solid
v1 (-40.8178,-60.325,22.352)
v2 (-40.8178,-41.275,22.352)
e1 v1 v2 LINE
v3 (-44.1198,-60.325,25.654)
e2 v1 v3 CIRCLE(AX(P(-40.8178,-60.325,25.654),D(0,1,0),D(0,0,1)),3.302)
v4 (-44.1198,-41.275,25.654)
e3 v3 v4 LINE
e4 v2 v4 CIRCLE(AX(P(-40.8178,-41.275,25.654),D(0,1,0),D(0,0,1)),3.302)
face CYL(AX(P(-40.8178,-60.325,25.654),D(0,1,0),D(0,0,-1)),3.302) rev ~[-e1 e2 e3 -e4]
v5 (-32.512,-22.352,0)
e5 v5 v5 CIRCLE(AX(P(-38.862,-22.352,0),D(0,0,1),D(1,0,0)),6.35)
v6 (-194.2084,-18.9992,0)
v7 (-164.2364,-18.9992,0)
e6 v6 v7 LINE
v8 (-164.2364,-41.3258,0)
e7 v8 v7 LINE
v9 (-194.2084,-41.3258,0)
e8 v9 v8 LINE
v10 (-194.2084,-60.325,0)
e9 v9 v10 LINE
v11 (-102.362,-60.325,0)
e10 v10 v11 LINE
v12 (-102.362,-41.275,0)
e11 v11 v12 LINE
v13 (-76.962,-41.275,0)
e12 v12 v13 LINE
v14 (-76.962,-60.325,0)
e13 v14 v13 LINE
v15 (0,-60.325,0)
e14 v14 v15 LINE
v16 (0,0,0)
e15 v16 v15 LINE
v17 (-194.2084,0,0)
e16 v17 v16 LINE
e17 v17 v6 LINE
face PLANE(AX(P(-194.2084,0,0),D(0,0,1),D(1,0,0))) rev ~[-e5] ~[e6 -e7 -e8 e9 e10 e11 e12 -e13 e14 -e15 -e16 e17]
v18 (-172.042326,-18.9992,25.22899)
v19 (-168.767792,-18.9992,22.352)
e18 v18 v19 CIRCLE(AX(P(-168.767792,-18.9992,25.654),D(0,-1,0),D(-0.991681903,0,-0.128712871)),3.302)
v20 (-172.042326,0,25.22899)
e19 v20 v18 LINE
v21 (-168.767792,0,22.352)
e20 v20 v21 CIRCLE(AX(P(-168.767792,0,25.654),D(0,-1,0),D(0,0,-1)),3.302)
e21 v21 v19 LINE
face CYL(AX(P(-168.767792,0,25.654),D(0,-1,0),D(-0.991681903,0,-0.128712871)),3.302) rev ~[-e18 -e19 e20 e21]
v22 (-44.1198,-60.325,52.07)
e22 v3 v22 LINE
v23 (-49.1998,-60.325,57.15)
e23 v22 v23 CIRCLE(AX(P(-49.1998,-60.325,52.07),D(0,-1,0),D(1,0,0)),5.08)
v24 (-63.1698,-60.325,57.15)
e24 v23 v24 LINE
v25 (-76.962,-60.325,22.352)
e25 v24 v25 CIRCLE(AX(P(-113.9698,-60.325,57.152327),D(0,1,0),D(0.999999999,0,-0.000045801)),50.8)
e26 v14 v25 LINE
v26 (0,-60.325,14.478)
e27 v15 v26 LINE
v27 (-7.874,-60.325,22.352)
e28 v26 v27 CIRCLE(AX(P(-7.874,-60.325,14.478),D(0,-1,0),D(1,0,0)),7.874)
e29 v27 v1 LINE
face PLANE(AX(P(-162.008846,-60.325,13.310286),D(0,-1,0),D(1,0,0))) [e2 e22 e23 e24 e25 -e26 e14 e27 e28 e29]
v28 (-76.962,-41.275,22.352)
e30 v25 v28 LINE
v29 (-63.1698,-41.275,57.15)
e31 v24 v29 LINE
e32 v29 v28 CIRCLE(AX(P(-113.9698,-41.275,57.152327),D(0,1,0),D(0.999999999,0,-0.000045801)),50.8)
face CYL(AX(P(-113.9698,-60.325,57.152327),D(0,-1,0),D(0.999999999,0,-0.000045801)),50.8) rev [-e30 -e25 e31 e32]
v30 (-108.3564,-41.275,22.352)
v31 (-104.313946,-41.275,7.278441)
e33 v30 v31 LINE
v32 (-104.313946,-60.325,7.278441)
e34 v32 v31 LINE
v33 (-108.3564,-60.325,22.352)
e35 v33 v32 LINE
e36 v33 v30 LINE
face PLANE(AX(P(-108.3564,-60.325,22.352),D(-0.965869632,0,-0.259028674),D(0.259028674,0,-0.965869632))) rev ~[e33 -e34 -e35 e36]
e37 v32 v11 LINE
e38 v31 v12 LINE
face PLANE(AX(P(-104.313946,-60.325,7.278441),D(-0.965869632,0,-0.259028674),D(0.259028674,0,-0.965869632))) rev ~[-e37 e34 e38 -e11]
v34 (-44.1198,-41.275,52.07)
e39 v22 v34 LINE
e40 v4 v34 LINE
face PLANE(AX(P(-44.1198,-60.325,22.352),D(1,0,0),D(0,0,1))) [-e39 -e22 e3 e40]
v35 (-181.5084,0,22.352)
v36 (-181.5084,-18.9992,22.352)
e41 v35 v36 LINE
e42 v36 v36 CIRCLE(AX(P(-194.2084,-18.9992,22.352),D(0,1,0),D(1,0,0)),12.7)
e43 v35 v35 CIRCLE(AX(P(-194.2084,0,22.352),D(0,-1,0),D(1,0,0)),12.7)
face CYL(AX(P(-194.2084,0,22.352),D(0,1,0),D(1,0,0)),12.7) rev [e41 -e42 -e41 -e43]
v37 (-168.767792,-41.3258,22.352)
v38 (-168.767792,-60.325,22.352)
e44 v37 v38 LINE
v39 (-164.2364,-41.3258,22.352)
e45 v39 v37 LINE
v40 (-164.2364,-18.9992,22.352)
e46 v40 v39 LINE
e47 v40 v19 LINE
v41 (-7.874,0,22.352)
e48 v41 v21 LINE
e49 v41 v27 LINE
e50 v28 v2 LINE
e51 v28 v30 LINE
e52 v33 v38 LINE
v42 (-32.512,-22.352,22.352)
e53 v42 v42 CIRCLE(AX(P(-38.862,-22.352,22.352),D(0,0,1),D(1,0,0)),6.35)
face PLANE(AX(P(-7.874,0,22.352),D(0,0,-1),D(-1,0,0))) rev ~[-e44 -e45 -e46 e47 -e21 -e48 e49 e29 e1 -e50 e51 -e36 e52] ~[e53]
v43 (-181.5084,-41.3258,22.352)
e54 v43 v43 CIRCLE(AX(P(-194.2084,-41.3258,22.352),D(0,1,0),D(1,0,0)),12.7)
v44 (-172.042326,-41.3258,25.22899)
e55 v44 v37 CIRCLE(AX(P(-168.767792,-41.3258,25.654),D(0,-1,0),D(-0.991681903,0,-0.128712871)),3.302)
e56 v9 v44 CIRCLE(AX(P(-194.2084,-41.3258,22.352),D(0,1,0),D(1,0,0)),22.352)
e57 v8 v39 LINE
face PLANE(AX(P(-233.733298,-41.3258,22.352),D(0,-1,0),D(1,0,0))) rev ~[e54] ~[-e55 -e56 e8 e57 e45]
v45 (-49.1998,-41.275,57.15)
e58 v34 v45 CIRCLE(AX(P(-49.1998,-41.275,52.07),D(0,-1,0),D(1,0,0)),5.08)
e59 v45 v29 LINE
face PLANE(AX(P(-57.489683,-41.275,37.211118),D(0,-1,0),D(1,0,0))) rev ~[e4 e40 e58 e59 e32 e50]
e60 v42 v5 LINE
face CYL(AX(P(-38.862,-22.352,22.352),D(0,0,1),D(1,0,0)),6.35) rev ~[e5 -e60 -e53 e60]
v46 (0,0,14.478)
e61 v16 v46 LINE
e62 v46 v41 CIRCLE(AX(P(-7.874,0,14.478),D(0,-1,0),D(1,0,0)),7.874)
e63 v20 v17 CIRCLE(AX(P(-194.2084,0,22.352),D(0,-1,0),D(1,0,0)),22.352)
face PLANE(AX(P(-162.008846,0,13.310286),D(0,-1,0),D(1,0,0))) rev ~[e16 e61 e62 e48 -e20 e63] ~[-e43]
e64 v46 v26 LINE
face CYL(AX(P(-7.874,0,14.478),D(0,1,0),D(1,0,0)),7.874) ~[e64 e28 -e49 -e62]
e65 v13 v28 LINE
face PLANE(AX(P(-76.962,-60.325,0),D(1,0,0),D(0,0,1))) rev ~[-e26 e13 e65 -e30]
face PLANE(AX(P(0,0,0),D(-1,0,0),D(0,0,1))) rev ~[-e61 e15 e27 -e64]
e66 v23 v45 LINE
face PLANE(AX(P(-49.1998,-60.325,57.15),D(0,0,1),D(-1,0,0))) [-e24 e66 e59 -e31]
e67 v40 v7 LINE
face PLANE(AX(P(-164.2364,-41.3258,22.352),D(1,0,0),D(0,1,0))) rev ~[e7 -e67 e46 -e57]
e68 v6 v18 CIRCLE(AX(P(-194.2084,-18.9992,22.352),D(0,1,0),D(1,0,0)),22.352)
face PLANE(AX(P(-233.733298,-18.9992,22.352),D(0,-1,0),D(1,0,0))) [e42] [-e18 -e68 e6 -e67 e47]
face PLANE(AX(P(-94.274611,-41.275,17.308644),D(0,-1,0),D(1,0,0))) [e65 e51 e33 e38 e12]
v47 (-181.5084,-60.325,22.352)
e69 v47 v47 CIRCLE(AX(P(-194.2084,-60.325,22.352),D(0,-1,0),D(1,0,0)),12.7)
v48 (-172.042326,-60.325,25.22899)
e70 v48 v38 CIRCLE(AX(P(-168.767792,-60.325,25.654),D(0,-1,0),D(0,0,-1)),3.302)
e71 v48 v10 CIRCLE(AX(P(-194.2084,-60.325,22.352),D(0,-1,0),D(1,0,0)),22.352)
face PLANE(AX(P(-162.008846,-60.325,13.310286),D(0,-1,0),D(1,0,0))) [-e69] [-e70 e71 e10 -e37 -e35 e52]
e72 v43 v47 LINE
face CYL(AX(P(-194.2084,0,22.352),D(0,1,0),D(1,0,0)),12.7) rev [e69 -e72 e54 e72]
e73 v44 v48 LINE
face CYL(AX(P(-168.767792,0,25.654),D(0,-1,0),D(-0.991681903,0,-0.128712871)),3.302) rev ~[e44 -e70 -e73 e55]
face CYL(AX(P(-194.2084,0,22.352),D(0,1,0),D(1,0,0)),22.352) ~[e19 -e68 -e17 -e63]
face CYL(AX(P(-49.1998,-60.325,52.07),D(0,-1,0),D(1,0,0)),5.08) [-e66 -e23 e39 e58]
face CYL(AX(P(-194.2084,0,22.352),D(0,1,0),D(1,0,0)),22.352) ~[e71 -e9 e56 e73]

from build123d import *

# Parameters (mm, degrees)
F0_R     = 12.7
F1_DEPTH = 60.325
F3_DEPTH = 19.05
F4_DEPTH = 19.05
F5_R     = 6.35
F6_DEPTH = 22.352
F8_R     = 3.302
F7_W     = 69.4968977088
F7_H     = 22.3266
F9_DEPTH = 63.5


with BuildPart() as f1:
    # F0 (on Front) → F1 (new body)
    with BuildSketch(Plane.XZ):
        with BuildLine():
            Line((-194.2084, 0), (-102.362, 0))
            Line((-102.362, 0), (-104.313945544, 7.2784410115))
            ThreePointArc((-104.313945544, 7.2784410115), (-129.5850257878, 8.8118186082), (-150.9776, 22.352))
            Line((-150.9776, 22.352), (-171.8564, 22.352))
            ThreePointArc((-171.8564, 22.352), (-210.0136507731, 38.1572507731), (-194.2084, 0))
        make_face()
        with Locations((-194.2084, 22.352)):
            Circle(F0_R, mode=Mode.SUBTRACT)
        with BuildLine():
            ThreePointArc((-150.9776, 22.352), (-129.5850257878, 8.8118186082), (-104.313945544, 7.2784410115))
            Line((-104.313945544, 7.2784410115), (-108.3564, 22.352))
            Line((-108.3564, 22.352), (-150.9776, 22.352))
        make_face()
        with BuildLine():
            ThreePointArc((-104.313945544, 7.2784410115), (-89.4508847111, 12.6611726116), (-76.962, 22.352))
            Line((-76.962, 22.352), (-108.3564, 22.352))
            Line((-108.3564, 22.352), (-104.313945544, 7.2784410115))
        make_face()
        with BuildLine():
            Line((-102.362, 0), (-76.962, 0))
            Line((-76.962, 0), (-76.962, 22.352))
            ThreePointArc((-76.962, 22.352), (-89.4508847111, 12.6611726116), (-104.313945544, 7.2784410115))
            Line((-104.313945544, 7.2784410115), (-102.362, 0))
        make_face()
        with BuildLine():
            Line((-76.962, 0), (0, 0))
            Line((0, 0), (0, 14.478))
            ThreePointArc((0, 14.478), (-2.3062412049, 20.0457587951), (-7.874, 22.352))
            Line((-7.874, 22.352), (-44.1198, 22.352))
            Line((-44.1198, 22.352), (-76.962, 22.352))
            Line((-76.962, 22.352), (-76.962, 0))
        make_face()
    extrude(amount=F1_DEPTH)

    # F2 (on face) → F3 (join)
    with BuildSketch(Plane.XZ.offset(60.325)):
        with BuildLine():
            ThreePointArc((-63.1698000533, 57.15), (-66.743984667, 38.4343576399), (-76.962, 22.352))
            Line((-76.962, 22.352), (-44.1198, 22.352))
            Line((-44.1198, 22.352), (-44.1198, 52.07))
            ThreePointArc((-44.1198, 52.07), (-45.6076975516, 55.6621024484), (-49.1998, 57.15))
            Line((-49.1998, 57.15), (-63.1698000533, 57.15))
        make_face()
    extrude(amount=-F3_DEPTH)

    # F2 (on face) → F4 (cut)
    with BuildSketch(Plane.XZ.offset(60.325)):
        with BuildLine():
            ThreePointArc((-104.313945544, 7.2784410115), (-89.4508847111, 12.6611726116), (-76.962, 22.352))
            Line((-76.962, 22.352), (-108.3564, 22.352))
            Line((-108.3564, 22.352), (-104.313945544, 7.2784410115))
        make_face()
        with BuildLine():
            Line((-76.962, 0), (-76.962, 22.352))
            ThreePointArc((-76.962, 22.352), (-89.4508847111, 12.6611726116), (-104.313945544, 7.2784410115))
            Line((-104.313945544, 7.2784410115), (-102.362, 0))
            Line((-102.362, 0), (-76.962, 0))
        make_face()
    extrude(amount=-F4_DEPTH, mode=Mode.SUBTRACT)

    # F5 (on face) → F6 (cut, through all)
    with BuildSketch(Plane.XY.offset(22.352)):
        with Locations((-38.862, -22.352)):
            Circle(F5_R)
    extrude(amount=-F6_DEPTH, mode=Mode.SUBTRACT)

    # F8
    f8_edges = [f1.edges().sort_by_distance(p)[0] for p in [
        (-171.8564, -30.1625, 22.352),
        (-44.1198, -50.8, 22.352),
    ]]
    fillet(f8_edges, radius=F8_R)

    # F7 (on face) → F9 (cut, symmetric)
    with BuildSketch(Plane.XY.offset(22.352)):
        with Locations((-198.9848488544, -30.1625)):
            Rectangle(F7_W, F7_H)
    extrude(amount=F9_DEPTH, both=True, mode=Mode.SUBTRACT)


solid = f1.part
